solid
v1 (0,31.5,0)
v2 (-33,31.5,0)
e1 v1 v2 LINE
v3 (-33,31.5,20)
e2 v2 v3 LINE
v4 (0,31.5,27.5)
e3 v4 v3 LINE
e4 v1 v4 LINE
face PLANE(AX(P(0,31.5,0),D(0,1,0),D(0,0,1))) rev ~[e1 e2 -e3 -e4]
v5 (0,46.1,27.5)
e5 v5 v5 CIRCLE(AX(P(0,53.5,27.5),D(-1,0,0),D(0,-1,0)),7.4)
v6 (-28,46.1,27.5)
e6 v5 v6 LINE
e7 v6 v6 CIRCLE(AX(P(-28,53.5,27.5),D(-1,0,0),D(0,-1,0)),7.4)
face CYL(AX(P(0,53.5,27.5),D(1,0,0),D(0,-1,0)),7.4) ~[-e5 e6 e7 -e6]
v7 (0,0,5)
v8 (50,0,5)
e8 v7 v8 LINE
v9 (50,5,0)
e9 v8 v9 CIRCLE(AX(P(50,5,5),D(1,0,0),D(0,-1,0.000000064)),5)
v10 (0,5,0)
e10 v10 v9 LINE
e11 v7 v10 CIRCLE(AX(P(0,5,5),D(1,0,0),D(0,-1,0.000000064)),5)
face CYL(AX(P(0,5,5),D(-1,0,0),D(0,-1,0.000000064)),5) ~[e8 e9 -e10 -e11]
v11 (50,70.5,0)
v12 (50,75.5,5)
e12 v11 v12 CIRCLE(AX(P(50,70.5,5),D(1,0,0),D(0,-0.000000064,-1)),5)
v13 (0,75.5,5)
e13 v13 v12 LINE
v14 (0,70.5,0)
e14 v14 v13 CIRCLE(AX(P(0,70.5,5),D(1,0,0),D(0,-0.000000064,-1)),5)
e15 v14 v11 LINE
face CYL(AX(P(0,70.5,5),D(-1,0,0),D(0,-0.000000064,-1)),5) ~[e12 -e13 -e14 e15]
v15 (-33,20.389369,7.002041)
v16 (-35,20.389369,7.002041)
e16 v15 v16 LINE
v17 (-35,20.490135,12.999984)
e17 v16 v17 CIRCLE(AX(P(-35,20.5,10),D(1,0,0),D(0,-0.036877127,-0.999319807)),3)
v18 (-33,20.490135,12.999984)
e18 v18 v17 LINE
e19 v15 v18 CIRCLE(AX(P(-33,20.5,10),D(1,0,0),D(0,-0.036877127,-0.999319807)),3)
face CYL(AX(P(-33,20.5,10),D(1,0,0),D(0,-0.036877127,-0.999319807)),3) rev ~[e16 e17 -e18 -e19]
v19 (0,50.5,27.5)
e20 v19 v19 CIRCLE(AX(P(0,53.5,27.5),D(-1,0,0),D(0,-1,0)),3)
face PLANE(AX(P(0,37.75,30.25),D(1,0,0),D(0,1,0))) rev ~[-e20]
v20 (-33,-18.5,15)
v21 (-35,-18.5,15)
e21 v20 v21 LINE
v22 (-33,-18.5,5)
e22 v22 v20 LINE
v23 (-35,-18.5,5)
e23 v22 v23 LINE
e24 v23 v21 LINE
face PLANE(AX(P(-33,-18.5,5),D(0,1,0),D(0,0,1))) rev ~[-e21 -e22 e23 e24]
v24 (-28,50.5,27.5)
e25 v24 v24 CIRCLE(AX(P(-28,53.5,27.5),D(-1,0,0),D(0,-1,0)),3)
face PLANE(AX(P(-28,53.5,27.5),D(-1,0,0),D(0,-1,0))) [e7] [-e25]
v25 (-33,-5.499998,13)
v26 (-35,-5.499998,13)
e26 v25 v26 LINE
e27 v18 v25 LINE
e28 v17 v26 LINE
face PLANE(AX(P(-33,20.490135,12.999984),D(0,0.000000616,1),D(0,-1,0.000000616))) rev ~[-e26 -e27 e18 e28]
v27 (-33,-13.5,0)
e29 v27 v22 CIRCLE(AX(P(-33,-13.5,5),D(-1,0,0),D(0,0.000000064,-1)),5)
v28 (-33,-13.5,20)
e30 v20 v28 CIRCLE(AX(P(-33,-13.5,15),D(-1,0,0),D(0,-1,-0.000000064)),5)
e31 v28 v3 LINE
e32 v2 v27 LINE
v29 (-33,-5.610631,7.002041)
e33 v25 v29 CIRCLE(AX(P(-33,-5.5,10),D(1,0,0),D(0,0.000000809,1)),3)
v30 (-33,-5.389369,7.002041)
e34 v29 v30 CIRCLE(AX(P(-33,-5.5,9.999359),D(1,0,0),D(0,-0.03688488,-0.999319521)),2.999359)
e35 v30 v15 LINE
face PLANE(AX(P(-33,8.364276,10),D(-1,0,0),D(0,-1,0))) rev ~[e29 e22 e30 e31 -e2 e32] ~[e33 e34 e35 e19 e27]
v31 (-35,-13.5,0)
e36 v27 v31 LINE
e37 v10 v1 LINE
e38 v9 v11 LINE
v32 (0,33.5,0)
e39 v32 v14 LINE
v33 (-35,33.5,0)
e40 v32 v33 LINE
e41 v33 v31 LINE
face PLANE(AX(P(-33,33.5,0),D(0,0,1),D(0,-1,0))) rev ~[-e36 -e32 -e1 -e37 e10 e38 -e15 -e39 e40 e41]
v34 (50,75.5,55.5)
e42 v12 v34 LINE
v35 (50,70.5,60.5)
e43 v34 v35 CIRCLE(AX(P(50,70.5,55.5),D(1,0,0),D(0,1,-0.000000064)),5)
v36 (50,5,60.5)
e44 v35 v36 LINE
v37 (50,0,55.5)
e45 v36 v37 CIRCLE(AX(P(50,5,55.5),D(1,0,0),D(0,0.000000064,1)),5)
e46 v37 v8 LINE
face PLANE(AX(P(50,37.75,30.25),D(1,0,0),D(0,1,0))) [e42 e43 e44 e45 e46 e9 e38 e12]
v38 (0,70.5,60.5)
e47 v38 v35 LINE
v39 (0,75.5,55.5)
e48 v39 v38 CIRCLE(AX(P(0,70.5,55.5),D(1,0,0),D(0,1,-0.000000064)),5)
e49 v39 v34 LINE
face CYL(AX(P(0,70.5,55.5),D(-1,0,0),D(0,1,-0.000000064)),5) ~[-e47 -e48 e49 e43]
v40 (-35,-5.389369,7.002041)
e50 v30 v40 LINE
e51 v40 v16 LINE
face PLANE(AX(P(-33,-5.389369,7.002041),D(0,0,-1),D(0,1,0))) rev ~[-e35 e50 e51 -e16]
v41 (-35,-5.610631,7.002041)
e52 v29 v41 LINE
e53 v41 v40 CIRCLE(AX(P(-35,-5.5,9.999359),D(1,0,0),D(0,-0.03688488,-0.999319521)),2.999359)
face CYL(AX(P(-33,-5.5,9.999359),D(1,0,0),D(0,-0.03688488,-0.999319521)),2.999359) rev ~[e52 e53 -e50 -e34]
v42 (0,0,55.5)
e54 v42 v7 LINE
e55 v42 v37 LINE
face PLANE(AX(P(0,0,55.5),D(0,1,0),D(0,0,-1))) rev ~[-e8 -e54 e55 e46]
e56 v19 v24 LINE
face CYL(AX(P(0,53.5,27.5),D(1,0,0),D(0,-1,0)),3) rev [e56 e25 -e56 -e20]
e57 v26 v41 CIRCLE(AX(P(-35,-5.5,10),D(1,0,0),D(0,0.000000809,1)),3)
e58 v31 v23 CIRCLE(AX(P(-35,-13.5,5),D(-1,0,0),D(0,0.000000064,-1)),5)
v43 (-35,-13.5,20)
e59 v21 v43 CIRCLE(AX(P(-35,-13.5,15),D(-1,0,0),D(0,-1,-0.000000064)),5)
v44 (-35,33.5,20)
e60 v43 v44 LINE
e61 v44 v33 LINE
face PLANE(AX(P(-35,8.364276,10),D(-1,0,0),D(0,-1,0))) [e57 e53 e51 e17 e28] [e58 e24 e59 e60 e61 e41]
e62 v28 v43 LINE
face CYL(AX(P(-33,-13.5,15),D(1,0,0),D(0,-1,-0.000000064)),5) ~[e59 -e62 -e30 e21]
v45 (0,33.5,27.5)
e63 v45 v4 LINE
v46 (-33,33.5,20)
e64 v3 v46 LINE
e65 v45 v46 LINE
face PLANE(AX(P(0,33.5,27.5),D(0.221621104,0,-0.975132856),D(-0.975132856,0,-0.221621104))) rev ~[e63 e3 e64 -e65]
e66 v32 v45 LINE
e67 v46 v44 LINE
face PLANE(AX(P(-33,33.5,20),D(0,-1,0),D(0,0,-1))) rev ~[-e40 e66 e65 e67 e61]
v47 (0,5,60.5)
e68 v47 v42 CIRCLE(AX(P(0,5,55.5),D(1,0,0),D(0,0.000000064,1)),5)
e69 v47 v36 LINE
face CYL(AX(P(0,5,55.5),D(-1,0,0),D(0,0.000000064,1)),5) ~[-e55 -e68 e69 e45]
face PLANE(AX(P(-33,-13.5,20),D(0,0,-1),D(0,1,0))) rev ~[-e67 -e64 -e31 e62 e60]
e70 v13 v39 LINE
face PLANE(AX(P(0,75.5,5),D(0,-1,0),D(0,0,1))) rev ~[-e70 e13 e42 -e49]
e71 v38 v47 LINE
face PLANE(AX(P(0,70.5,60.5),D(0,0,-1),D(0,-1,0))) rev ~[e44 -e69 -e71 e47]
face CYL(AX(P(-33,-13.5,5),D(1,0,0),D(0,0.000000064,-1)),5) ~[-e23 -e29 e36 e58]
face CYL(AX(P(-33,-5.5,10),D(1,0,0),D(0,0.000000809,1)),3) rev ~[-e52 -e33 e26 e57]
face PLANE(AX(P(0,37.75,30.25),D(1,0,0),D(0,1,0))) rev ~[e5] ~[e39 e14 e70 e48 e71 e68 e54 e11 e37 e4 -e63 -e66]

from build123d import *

# Parameters (mm, degrees)
F1_DEPTH = 50
F2_R     = 7.4
F2_R_2   = 3
F3_DEPTH = 28
F4_W     = 2
F4_H     = 27.5
F5_DEPTH = 33
F7_DEPTH = 2
F9_DEPTH = 25


with BuildPart() as f1:
    # F0 (on Right) → F1 (new body)
    with BuildSketch(Plane.YZ):
        with BuildLine():
            ThreePointArc((0, 5), (1.464466, 1.464466), (5, 0))
            Line((5, 0), (70.5, 0))
            ThreePointArc((70.5, 0), (74.035534, 1.464466), (75.5, 5))
            Line((75.5, 5), (75.5, 55.5))
            ThreePointArc((75.5, 55.5), (74.035534, 59.035534), (70.5, 60.5))
            Line((70.5, 60.5), (5, 60.5))
            ThreePointArc((5, 60.5), (1.464466, 59.035534), (0, 55.5))
            Line((0, 55.5), (0, 5))
        make_face()
    extrude(amount=F1_DEPTH)

    # F2 (on face) → F3 (join)
    with BuildSketch(Plane(origin=(0, 0, 0), x_dir=(0, -1, 0), z_dir=(-1, 0, 0))):
        with Locations((-53.5, 27.5)):
            Circle(F2_R)
        with Locations((-53.5, 27.5)):
            Circle(F2_R_2, mode=Mode.SUBTRACT)
    extrude(amount=F3_DEPTH)

    # F4 (on face) → F5 (join)
    with BuildSketch(Plane(origin=(0, 0, 0), x_dir=(0, -1, 0), z_dir=(-1, 0, 0))):
        with Locations((-32.5, 13.75)):
            Rectangle(F4_W, F4_H)
    extrude(amount=F5_DEPTH)

    # F6 (on face) → F7 (join)
    with BuildSketch(Plane(origin=(-33, 0, 0), x_dir=(0, -1, 0), z_dir=(-1, 0, 0))):
        with BuildLine():
            Line((-33.5, 20), (-33.5, 0))
            Line((-33.5, 0), (13.5, 0))
            ThreePointArc((13.5, 0), (17.035534, 1.464466), (18.5, 5))
            Line((18.5, 5), (18.5, 15))
            ThreePointArc((18.5, 15), (17.035534, 18.535534), (13.5, 20))
            Line((13.5, 20), (-33.5, 20))
        make_face()
        with BuildLine():
            ThreePointArc((5.610631, 7.002041), (5.5, 7), (5.389369, 7.002041))
            Line((5.389369, 7.002041), (-20.389369, 7.002041))
            ThreePointArc((-20.389369, 7.002041), (-23.499577, 9.949607), (-20.490135, 12.999984))
            Line((-20.490135, 12.999984), (5.499998, 13))
            ThreePointArc((5.499998, 13), (8.49949, 10.055326), (5.610631, 7.002041))
        make_face(mode=Mode.SUBTRACT)
    extrude(amount=F7_DEPTH)

    # F8 (on face) → F9 (cut)
    with BuildSketch(Plane(origin=(0, 33.5, 0), x_dir=(-1, 0, 0), z_dir=(0, 1, 0))):
        Polygon((0, 27.5), (33, 20), (42.120021, 30.809933), (19.240811, 38.767923), align=None)
    extrude(amount=-F9_DEPTH, mode=Mode.SUBTRACT)


solid = f1.part
